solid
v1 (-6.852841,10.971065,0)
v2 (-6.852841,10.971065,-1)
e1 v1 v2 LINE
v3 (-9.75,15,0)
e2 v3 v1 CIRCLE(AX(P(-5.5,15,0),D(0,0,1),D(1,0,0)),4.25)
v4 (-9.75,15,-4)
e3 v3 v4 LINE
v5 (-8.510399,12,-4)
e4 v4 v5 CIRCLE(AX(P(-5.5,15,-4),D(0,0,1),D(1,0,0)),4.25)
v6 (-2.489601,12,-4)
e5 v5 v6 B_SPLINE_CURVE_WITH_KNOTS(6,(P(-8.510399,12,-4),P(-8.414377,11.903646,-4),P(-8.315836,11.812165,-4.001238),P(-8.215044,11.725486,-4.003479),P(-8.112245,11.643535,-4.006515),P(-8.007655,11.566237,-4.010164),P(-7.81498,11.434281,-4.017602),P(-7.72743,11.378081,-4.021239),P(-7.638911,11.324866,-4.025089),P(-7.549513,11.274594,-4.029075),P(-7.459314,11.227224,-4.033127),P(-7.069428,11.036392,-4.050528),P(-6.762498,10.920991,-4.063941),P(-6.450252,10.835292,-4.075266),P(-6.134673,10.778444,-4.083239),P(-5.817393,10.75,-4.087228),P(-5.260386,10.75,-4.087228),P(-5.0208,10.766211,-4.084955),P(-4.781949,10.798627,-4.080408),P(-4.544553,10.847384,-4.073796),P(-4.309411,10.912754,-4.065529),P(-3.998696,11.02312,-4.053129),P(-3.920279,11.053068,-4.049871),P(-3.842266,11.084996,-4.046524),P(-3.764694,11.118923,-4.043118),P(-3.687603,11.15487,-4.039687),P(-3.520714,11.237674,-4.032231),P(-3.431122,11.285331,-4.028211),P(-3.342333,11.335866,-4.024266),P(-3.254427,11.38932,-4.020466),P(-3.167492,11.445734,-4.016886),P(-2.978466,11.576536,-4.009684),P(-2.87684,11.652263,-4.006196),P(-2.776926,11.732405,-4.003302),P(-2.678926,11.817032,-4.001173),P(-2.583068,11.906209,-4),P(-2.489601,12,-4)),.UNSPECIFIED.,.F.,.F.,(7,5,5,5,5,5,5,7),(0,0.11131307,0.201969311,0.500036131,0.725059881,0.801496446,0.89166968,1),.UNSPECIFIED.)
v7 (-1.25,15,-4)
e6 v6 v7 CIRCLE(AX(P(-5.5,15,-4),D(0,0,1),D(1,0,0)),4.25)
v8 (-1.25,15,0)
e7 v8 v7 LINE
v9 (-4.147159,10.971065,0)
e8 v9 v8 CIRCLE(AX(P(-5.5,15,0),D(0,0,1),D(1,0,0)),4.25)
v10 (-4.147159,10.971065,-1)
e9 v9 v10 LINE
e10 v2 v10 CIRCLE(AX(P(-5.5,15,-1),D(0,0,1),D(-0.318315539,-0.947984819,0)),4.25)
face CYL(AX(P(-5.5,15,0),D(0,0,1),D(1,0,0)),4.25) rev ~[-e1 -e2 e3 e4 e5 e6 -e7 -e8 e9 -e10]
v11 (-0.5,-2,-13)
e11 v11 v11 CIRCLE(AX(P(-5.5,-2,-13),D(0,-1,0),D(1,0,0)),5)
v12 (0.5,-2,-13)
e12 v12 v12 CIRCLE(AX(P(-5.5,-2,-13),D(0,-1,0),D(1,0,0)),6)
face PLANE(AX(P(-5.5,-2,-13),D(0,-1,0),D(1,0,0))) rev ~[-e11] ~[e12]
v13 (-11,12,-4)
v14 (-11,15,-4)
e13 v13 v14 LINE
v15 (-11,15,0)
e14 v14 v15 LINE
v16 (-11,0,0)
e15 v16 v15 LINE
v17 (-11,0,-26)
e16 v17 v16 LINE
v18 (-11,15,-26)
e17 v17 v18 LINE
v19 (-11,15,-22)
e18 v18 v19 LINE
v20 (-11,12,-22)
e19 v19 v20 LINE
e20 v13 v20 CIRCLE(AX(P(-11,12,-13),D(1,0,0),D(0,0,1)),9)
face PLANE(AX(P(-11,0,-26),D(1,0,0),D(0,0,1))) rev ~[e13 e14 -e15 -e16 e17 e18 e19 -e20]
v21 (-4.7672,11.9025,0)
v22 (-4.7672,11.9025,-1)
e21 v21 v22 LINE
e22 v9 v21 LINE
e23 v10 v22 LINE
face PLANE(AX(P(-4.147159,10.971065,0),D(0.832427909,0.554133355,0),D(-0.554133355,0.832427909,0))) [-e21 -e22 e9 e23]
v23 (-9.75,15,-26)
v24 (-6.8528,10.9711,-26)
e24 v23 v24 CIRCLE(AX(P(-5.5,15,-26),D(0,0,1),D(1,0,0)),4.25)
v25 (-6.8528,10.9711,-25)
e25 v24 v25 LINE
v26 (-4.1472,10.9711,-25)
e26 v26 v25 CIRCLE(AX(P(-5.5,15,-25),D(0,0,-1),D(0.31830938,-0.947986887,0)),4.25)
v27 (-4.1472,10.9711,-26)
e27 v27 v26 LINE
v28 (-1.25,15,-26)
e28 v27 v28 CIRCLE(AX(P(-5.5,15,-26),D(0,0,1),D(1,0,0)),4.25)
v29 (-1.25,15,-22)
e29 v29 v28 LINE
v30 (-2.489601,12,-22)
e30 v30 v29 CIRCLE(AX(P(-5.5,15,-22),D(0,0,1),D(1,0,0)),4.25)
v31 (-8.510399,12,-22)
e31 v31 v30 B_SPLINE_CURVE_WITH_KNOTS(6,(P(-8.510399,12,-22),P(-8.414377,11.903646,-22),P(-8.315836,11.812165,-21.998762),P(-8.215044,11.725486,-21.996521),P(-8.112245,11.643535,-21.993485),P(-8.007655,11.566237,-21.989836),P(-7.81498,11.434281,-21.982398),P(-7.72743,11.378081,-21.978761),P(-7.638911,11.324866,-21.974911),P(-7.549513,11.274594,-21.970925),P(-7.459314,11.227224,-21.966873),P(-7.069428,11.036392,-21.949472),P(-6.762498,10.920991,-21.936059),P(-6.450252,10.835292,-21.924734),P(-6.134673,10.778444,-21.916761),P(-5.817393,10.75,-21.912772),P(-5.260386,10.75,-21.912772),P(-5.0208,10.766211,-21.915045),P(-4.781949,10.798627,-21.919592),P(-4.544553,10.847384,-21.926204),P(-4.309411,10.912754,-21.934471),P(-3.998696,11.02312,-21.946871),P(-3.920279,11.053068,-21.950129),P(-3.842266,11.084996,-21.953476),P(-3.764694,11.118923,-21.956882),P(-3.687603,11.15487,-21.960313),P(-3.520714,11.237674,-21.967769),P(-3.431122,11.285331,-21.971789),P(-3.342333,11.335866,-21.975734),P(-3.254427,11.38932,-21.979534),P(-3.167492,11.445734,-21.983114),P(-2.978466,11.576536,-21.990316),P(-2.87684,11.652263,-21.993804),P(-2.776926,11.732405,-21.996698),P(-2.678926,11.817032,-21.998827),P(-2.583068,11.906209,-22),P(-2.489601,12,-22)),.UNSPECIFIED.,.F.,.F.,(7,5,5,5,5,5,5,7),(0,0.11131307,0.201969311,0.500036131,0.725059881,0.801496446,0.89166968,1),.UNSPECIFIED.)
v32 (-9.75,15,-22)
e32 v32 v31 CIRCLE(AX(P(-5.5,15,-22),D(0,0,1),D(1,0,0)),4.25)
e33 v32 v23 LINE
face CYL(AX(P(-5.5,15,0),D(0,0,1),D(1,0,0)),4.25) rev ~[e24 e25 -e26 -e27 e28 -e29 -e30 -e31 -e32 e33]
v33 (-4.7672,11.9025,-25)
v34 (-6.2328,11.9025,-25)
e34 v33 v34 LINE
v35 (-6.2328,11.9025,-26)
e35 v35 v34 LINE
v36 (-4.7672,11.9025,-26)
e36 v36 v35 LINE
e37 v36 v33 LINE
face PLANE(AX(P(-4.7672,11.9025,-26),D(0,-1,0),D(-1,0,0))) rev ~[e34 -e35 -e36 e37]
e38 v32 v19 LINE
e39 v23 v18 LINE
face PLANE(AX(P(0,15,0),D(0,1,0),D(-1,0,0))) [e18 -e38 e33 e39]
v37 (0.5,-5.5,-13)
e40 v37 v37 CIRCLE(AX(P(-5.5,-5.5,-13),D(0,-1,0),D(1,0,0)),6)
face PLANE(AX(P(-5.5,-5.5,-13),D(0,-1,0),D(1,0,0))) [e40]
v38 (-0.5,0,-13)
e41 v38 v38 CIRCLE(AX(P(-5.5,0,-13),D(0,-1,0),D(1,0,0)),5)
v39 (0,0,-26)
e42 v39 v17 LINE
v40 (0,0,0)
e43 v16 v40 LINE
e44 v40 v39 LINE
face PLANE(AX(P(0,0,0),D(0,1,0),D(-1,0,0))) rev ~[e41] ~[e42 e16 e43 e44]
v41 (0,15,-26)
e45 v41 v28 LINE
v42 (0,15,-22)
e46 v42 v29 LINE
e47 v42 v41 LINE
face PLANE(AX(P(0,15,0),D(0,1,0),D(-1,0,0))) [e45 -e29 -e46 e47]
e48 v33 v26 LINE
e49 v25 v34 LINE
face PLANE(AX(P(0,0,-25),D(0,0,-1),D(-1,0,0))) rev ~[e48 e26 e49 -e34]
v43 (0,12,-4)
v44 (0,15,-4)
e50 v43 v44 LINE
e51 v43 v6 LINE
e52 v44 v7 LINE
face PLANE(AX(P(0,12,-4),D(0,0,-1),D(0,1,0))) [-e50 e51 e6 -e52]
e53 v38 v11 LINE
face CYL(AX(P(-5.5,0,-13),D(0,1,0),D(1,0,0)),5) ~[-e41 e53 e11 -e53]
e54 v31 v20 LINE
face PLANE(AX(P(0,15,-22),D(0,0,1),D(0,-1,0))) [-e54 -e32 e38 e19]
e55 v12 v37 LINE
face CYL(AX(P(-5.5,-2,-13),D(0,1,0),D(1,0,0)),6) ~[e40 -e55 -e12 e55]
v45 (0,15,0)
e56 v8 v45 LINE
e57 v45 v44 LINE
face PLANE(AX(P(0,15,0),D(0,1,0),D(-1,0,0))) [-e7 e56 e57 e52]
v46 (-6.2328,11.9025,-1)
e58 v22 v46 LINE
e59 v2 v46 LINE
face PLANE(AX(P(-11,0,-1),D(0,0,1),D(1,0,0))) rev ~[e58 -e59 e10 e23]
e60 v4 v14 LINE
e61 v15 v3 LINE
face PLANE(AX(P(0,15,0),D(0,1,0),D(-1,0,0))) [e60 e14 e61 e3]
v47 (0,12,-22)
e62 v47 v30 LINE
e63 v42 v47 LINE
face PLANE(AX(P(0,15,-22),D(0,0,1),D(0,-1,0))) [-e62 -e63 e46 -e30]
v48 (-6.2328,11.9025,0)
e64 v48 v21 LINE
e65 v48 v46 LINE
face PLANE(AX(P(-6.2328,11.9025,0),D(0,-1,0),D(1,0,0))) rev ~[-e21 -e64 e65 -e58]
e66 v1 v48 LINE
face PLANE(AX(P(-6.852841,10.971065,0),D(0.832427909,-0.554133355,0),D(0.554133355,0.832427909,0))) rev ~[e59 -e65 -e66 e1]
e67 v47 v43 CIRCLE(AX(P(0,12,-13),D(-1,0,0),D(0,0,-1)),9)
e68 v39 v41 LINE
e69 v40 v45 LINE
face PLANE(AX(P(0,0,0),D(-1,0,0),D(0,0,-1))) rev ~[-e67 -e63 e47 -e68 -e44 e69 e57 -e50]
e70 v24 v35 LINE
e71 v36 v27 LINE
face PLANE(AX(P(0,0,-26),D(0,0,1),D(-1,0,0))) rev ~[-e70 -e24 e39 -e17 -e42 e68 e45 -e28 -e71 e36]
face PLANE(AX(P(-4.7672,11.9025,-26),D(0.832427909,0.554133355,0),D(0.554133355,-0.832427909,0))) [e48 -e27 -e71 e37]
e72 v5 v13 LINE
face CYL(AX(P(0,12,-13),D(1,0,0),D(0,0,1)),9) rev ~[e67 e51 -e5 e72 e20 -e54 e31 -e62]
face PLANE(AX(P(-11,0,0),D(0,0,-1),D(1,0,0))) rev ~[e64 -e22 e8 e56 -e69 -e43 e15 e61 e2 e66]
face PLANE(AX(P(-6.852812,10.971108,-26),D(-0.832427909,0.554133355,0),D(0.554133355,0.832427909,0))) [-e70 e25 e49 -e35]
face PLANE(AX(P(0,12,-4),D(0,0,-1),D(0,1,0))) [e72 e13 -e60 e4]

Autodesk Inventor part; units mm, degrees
ref_plane "YZ Plane" through (0, 0, 0) normal (1, 0, 0) x (0, 1, 0)
ref_plane "XZ Plane" through (0, 0, 0) normal (0, 1, 0) x (-1, 0, 0)
ref_plane "XY Plane" through (0, 0, 0) normal (0, 0, 1) x (1, 0, 0)
sketch "Sketch2" plane through (0, 0, 0) normal (0, 1, 0) x (-1, 0, 0)
  line L0 (0, 0) -> (0, -26)
  line L1 (0, -26) -> (11, -26)
  line L2 (11, -26) -> (11, 0)
  line L3 (11, 0) -> (0, 0)
  dimension "d2" = 26
  dimension "d3" = 11
extrude "Extrusion1" add sketch "Sketch2" along normal blind 15
sketch "Sketch3" plane through (-11, 0, 0) normal (0, 0, 1) x (1, 0, 0)
  line L0 (0, 0) -> (11, 0) projected
  line L1 (11, 0) -> (11, 15) projected
  line L2 (0, 15) -> (11, 15) projected
  line L3 (0, 0) -> (0, 15) projected
  line L4 (11, 15) -> (0, 15) projected
  circle A0 centre (5.5, 15) radius 4.25
  point P0 (9.75, 15)
  point P1 (1.25, 15)
  dimension "d6" = 8.5
extrude "Extrusion2" cut sketch "Sketch3" against normal blind 32.25 contours L2 A0 picked at (4.2044, 14.0026)
sketch "Sketch4" plane through (0, 0, 0) normal (1, 0, 0) x (0, 0, -1)
  line L0 (0, 0) -> (26, 0) projected
  line L1 (26, 0) -> (26, 15) projected
  line L2 (0, 15) -> (26, 15) projected
  line L3 (0, 0) -> (0, 15) projected
  line L4 (0, 15) -> (4, 15)
  line L5 (0, 15) -> (26, 15) projected
  line L6 (26, 15) -> (22, 15)
  line L7 (22, 15) -> (22, 12)
  line L8 (0, 10.75) -> (26, 10.75) projected
  line L9 (22, 12) -> (4, 12)
  line L10 (4, 12) -> (4, 15)
  line L11 (26, 0) -> (0, 0) projected
  line L12 (13, 0) -> (13, 3)
  arc A0 (4, 12) -> (22, 12) centre (13, 12) ccw
  dimension "d9" = 4
  dimension "d10" = 4
  dimension "d11" = 3
  dimension "d12" = 3
extrude "Extrusion3" cut sketch "Sketch4" against normal blind 32.25 contours A0 L8 | A0 L9 L8 | L2 L7 L9 L10
sketch "Sketch5" plane through (-11, 0, 0) normal (0, 0, 1) x (1, 0, 0)
  arc A0 (1.25, 15) -> (9.75, 15) centre (5.5, 15) ccw projected
  line L0 (0, 15) -> (1.25, 15) projected
  line L1 (0, 0) -> (0, 15) projected
  line L2 (0, 0) -> (11, 0) projected
  line L3 (11, 0) -> (11, 15) projected
  line L4 (9.75, 15) -> (11, 15) projected
  arc A1 (1.25, 15) -> (9.75, 15) centre (5.5, 15) ccw projected
  line L5 (5.5, 10.75) -> (7, 10.75)
  line L6 (7, 10.75) -> (4, 10.75)
  line L7 (4, 10.75) -> (4.7672, 11.9025)
  line L8 (4.7672, 11.9025) -> (5.5, 11.9025)
  line L9 (5.5, 11.9025) -> (5.5, 10.75)
  line L10 (7, 10.75) -> (6.2328, 11.9025)
  line L11 (6.2328, 11.9025) -> (5.5, 11.9025)
  arc A2 (1.25, 15) -> (9.75, 15) centre (5.5, 15) ccw projected
  line L12 (11, 15) -> (9.75, 15) projected
  line L13 (11, 0) -> (11, 15) projected
  line L14 (11, 0) -> (0, 0) projected
  line L15 (0, 0) -> (0, 15) projected
  line L16 (1.25, 15) -> (0, 15) projected
  line L17 (5.5, 10.75) -> (4, 10.75)
  line L18 (4, 10.75) -> (4.7672, 11.9025)
  line L19 (6.2328, 11.9025) -> (6.1284, 11.9025)
  line L20 (6.2328, 11.9025) -> (4.7672, 11.9025)
  line L21 (6.2328, 11.9025) -> (7, 10.75)
  line L22 (7, 10.75) -> (4, 10.75)
  arc A3 (1.25, 15) -> (9.75, 15) centre (5.5, 15) ccw projected
  line L23 (11, 15) -> (9.75, 15) projected
  line L24 (11, 0) -> (11, 15) projected
  line L25 (11, 0) -> (0, 0) projected
  line L26 (0, 0) -> (0, 15) projected
  line L27 (1.25, 15) -> (0, 15) projected
  arc A4 (1.25, 15) -> (9.75, 15) centre (5.5, 15) ccw projected
  line L28 (11, 15) -> (9.75, 15) projected
  line L29 (11, 0) -> (11, 15) projected
  line L30 (11, 0) -> (0, 0) projected
  line L31 (0, 0) -> (0, 15) projected
  line L32 (1.25, 15) -> (0, 15) projected
  point P0 (4.1472, 10.9711)
  point P1 (6.8528, 10.9711)
  dimension "d15" = 1.5
  dimension "d16" = 3
extrude "Extrusion4" add sketch "Sketch5" against normal blind 1 contours L7 L8 L9 A0 | L9 L11 L10 A0
sketch "Sketch6" plane through (0, 0, -26) normal (0, 0, -1) x (-1, 0, 0)
  arc A0 (1.25, 15) -> (9.75, 15) centre (5.5, 15) ccw projected
  line L0 (0, 15) -> (1.25, 15) projected
  line L1 (0, 0) -> (0, 15) projected
  line L2 (0, 0) -> (11, 0) projected
  line L3 (11, 0) -> (11, 15) projected
  line L4 (9.75, 15) -> (11, 15) projected
  arc A1 (4.1472, 10.9711) -> (6.8528, 10.9711) centre (5.5, 15) ccw projected
  line L5 (5.5, 10.75) -> (7, 10.75)
  line L6 (4.7672, 11.9025) -> (6.2328, 11.9025) projected
  line L7 (7, 10.75) -> (6.2328, 11.9025)
  line L8 (6.2328, 11.9025) -> (4.7672, 11.9025)
  line L9 (4.7672, 11.9025) -> (4, 10.75)
  line L10 (4.7672, 11.9025) -> (4.1472, 10.9711) projected
  line L11 (4, 10.75) -> (5.5, 10.75)
  point P0 (0, 0)
  point P1 (6.8528, 10.9711)
  dimension "d19" = 1.5
extrude "Extrusion5" add sketch "Sketch6" against normal blind 1 contours L9 L6 L7 A0
sketch "Sketch7" plane through (0, 0, 0) normal (0, -1, 0) x (1, 0, 0)
  line L0 (0, -26) -> (-11, -26) projected
  line L1 (0, 0) -> (0, -26) projected
  line L2 (-11, 0) -> (0, 0) projected
  line L3 (-11, -26) -> (-11, 0) projected
  circle A0 centre (-5.5, -13) radius 5
  dimension "d22" = 10
extrude "Extrusion6" add sketch "Sketch7" along normal blind 2 contours A0
sketch "Sketch8" plane through (-5.5, -2, -13) normal (0, -1, 0) x (1, 0, 0)
  circle A0 centre (0, 0) radius 6
  point P0 (5.5, 13)
  dimension "d25" = 12
extrude "Extrusion7" add sketch "Sketch8" along normal blind 3.5
